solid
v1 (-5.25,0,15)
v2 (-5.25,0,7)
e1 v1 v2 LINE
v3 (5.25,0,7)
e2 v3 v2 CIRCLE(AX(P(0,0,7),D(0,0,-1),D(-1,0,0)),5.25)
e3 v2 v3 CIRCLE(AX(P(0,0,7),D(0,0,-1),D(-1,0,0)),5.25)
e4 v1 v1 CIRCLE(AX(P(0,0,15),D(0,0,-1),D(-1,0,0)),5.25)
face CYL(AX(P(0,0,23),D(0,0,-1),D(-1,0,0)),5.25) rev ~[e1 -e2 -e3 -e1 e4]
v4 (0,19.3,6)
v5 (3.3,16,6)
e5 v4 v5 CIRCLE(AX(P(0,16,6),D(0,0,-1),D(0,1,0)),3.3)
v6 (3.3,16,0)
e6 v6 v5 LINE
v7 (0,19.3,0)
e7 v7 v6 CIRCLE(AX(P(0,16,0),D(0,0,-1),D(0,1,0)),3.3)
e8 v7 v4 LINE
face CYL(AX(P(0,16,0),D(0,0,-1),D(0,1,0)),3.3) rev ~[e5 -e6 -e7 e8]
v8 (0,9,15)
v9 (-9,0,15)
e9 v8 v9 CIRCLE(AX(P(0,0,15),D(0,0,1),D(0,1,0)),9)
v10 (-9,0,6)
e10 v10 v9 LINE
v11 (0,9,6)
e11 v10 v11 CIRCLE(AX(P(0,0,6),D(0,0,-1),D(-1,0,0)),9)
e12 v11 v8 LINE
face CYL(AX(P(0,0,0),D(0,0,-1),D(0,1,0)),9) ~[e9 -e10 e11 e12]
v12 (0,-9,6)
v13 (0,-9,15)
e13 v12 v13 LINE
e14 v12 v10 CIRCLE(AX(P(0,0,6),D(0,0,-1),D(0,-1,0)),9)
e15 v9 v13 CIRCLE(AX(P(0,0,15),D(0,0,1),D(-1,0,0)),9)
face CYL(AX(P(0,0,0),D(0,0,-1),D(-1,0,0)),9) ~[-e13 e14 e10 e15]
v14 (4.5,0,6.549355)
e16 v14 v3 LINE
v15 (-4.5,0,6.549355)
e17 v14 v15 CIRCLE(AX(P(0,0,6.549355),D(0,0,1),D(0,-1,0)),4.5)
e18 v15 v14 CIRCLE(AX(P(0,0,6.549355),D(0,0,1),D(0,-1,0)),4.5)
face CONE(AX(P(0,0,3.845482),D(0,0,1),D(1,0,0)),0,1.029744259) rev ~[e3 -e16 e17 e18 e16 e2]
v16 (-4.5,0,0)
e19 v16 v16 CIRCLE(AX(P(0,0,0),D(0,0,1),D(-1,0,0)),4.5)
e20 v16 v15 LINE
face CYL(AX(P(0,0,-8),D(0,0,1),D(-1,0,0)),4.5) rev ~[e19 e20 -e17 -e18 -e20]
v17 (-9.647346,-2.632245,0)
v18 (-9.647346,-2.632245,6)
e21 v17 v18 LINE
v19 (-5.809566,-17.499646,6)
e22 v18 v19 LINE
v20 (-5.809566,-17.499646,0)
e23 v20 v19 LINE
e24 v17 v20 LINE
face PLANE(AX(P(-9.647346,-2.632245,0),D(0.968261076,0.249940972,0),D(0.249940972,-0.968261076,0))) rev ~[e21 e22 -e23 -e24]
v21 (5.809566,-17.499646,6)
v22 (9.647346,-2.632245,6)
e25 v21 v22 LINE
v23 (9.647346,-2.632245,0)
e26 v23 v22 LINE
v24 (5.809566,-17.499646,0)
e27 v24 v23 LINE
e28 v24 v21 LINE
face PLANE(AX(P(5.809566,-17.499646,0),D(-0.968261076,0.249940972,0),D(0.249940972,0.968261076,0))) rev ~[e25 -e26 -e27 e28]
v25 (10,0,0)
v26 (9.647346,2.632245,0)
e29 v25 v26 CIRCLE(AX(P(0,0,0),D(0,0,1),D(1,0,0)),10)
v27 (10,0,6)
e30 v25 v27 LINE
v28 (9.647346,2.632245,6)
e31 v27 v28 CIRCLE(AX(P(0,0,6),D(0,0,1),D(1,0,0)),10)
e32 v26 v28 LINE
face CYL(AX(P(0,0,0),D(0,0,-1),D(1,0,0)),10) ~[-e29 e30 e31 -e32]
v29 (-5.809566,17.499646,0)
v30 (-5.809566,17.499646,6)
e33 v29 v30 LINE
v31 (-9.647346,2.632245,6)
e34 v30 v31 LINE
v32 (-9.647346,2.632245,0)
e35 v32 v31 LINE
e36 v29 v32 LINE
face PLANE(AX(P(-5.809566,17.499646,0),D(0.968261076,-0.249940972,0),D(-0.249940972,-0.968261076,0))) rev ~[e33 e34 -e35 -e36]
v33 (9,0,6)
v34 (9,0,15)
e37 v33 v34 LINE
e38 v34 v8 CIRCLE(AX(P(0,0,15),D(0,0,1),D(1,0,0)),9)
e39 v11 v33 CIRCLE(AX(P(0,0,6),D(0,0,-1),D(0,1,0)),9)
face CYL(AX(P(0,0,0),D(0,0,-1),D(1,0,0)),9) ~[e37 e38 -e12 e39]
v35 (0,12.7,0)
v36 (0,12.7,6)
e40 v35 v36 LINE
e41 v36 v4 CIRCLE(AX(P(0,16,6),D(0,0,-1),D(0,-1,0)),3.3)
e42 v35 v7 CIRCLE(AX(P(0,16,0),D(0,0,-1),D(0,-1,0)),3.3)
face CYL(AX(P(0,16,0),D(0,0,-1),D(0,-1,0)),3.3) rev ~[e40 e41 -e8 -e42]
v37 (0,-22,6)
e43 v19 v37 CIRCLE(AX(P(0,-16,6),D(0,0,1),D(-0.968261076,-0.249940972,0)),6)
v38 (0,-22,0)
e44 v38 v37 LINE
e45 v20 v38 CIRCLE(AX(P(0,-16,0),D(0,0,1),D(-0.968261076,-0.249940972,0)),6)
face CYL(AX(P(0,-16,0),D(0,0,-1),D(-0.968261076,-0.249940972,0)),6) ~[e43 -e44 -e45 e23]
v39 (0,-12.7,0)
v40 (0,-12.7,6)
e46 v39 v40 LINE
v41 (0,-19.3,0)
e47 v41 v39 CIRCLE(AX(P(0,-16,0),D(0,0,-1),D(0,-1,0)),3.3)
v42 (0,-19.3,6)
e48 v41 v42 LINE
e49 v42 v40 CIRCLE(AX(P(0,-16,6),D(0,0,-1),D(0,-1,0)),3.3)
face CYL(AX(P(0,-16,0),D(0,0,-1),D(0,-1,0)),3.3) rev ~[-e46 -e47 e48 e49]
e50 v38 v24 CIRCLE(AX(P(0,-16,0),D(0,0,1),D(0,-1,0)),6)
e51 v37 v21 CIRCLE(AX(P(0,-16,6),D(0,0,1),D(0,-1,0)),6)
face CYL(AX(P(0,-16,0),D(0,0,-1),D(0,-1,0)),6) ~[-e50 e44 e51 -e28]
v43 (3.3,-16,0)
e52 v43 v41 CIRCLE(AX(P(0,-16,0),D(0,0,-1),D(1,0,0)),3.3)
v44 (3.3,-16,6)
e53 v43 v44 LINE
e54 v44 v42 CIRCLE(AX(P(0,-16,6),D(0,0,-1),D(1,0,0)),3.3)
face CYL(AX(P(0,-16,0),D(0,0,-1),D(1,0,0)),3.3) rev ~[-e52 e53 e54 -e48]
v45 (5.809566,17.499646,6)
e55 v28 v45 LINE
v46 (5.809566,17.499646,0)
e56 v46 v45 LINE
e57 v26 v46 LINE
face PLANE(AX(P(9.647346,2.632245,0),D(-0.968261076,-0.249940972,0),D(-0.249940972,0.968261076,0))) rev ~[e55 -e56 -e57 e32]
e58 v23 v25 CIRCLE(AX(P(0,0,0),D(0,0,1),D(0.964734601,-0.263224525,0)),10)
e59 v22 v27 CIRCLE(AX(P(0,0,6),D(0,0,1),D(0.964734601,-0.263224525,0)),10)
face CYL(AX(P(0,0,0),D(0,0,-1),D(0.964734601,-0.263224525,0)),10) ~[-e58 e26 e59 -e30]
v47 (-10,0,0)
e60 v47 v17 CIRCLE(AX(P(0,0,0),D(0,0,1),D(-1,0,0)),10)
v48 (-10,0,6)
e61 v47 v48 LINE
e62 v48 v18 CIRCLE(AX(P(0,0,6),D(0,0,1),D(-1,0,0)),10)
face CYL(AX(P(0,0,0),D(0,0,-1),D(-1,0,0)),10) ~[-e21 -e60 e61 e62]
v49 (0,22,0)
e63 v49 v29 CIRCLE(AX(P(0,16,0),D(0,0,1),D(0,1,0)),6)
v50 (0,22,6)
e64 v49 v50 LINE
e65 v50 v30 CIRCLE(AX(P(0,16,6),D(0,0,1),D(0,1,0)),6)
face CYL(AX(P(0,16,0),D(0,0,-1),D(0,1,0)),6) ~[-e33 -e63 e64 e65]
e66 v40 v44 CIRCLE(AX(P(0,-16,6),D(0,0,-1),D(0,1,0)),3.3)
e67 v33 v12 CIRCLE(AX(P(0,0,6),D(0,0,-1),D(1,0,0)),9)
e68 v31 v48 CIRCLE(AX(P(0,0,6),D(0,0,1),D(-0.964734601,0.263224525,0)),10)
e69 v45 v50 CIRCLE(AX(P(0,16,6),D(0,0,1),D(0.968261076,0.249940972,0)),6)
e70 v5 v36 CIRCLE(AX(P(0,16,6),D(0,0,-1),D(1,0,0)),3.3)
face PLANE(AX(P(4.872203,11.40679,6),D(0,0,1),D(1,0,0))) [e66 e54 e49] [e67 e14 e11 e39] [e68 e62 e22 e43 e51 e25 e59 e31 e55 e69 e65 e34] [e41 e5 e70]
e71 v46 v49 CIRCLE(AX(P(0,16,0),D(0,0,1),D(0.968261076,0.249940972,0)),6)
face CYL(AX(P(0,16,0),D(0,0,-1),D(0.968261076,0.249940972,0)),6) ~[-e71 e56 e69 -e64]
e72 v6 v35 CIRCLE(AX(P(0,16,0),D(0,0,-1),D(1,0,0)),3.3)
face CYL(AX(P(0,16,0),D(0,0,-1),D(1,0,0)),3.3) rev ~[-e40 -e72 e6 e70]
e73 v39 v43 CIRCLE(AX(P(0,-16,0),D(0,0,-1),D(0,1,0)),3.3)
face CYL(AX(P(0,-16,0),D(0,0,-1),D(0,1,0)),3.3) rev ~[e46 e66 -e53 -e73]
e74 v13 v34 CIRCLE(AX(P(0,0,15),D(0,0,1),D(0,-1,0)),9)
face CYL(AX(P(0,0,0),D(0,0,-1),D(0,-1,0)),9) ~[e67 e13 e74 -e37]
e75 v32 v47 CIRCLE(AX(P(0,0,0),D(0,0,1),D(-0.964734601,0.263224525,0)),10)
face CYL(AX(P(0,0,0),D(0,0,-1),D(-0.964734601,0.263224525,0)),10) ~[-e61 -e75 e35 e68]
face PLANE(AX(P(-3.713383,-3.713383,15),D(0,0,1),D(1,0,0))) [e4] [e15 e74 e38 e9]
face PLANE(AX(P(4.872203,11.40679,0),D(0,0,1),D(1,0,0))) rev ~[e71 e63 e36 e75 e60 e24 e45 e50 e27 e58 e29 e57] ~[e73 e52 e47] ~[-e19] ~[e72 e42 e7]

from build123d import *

# Parameters (mm, degrees)
F1_DEPTH = 6
F2_DEPTH = 15
F5_D     = 10.5
F5_DEPTH = 8
F5_TIP   = 3.1545182499
F6_D     = 9
F6_DEPTH = 8
F6_TIP   = 2.7038727856


with BuildPart() as f1:
    # F0 (on Top) → F1 (new body)
    with BuildSketch(Plane.XY):
        with BuildLine():
            ThreePointArc((0, 9), (6.3639610307, 6.3639610307), (9, 0))
            Line((9, 0), (10, 0))
            ThreePointArc((10, 0), (9.9114443967, 1.327881761), (9.6473460058, 2.6322452478))
            Line((9.6473460058, 2.6322452478), (5.8095664532, 17.4996458335))
            ThreePointArc((5.8095664532, 17.4996458335), (3.6743791992, 20.7433044917), (0, 22))
            Line((0, 22), (0, 19.3))
            ThreePointArc((0, 19.3), (2.3334523779, 18.3334523779), (3.3, 16))
            ThreePointArc((3.3, 16), (2.3334523779, 13.6665476221), (0, 12.7))
            Line((0, 12.7), (0, 9))
        make_face()
        with BuildLine():
            ThreePointArc((-9, 0), (-6.3639610307, 6.3639610307), (0, 9))
            Line((0, 9), (0, 12.7))
            ThreePointArc((0, 12.7), (-3.3, 16), (0, 19.3))
            Line((0, 19.3), (0, 22))
            ThreePointArc((0, 22), (-3.6743791992, 20.7433044917), (-5.8095664532, 17.4996458335))
            Line((-5.8095664532, 17.4996458335), (-9.6473460058, 2.6322452478))
            ThreePointArc((-9.6473460058, 2.6322452478), (-9.9114443967, 1.327881761), (-10, 0))
            Line((-10, 0), (-9, 0))
        make_face()
        with BuildLine():
            Line((0, -12.7), (0, -9))
            ThreePointArc((0, -9), (-6.3639610307, -6.3639610307), (-9, 0))
            Line((-9, 0), (-10, 0))
            ThreePointArc((-10, 0), (-9.9114443967, -1.327881761), (-9.6473460058, -2.6322452478))
            Line((-9.6473460058, -2.6322452478), (-5.8095664532, -17.4996458335))
            ThreePointArc((-5.8095664532, -17.4996458335), (-3.6743791992, -20.7433044917), (0, -22))
            Line((0, -22), (0, -19.3))
            ThreePointArc((0, -19.3), (-3.3, -16), (0, -12.7))
        make_face()
        with BuildLine():
            Line((10, 0), (9, 0))
            ThreePointArc((9, 0), (6.3639610307, -6.3639610307), (0, -9))
            Line((0, -9), (0, -12.7))
            ThreePointArc((0, -12.7), (2.3334523779, -13.6665476221), (3.3, -16))
            ThreePointArc((3.3, -16), (2.3334523779, -18.3334523779), (0, -19.3))
            Line((0, -19.3), (0, -22))
            ThreePointArc((0, -22), (3.6743791992, -20.7433044917), (5.8095664532, -17.4996458335))
            Line((5.8095664532, -17.4996458335), (9.6473460058, -2.6322452478))
            ThreePointArc((9.6473460058, -2.6322452478), (9.9114443967, -1.327881761), (10, 0))
        make_face()
    extrude(amount=F1_DEPTH)

    # F0 (on Top) → F2 (join)
    with BuildSketch(Plane.XY):
        with BuildLine():
            ThreePointArc((-9, 0), (-6.3639610307, -6.3639610307), (0, -9))
            Line((0, -9), (0, 0))
            Line((0, 0), (-9, 0))
        make_face()
        with BuildLine():
            Line((0, 0), (0, 9))
            ThreePointArc((0, 9), (-6.3639610307, 6.3639610307), (-9, 0))
            Line((-9, 0), (0, 0))
        make_face()
        with BuildLine():
            Line((0, 0), (9, 0))
            ThreePointArc((9, 0), (6.3639610307, 6.3639610307), (0, 9))
            Line((0, 9), (0, 0))
        make_face()
        with BuildLine():
            ThreePointArc((0, -9), (6.3639610307, -6.3639610307), (9, 0))
            Line((9, 0), (0, 0))
            Line((0, 0), (0, -9))
        make_face()
    extrude(amount=F2_DEPTH)

    # F5
    with Locations(Plane.XY.offset(15)):
        with Locations((0, 0)):
            Hole(F5_D / 2, depth=F5_DEPTH)
            with Locations((0, 0, -(F5_DEPTH + F5_TIP / 2))):  # 118° drill point
                Cone(0, F5_D / 2, F5_TIP, mode=Mode.SUBTRACT)

    # F6
    with Locations(Plane(origin=(0, 0, 0), x_dir=(1, 0, 0), z_dir=(0, 0, -1))):
        with Locations((0, 0)):
            Hole(F6_D / 2, depth=F6_DEPTH)
            with Locations((0, 0, -(F6_DEPTH + F6_TIP / 2))):  # 118° drill point
                Cone(0, F6_D / 2, F6_TIP, mode=Mode.SUBTRACT)


solid = f1.part
